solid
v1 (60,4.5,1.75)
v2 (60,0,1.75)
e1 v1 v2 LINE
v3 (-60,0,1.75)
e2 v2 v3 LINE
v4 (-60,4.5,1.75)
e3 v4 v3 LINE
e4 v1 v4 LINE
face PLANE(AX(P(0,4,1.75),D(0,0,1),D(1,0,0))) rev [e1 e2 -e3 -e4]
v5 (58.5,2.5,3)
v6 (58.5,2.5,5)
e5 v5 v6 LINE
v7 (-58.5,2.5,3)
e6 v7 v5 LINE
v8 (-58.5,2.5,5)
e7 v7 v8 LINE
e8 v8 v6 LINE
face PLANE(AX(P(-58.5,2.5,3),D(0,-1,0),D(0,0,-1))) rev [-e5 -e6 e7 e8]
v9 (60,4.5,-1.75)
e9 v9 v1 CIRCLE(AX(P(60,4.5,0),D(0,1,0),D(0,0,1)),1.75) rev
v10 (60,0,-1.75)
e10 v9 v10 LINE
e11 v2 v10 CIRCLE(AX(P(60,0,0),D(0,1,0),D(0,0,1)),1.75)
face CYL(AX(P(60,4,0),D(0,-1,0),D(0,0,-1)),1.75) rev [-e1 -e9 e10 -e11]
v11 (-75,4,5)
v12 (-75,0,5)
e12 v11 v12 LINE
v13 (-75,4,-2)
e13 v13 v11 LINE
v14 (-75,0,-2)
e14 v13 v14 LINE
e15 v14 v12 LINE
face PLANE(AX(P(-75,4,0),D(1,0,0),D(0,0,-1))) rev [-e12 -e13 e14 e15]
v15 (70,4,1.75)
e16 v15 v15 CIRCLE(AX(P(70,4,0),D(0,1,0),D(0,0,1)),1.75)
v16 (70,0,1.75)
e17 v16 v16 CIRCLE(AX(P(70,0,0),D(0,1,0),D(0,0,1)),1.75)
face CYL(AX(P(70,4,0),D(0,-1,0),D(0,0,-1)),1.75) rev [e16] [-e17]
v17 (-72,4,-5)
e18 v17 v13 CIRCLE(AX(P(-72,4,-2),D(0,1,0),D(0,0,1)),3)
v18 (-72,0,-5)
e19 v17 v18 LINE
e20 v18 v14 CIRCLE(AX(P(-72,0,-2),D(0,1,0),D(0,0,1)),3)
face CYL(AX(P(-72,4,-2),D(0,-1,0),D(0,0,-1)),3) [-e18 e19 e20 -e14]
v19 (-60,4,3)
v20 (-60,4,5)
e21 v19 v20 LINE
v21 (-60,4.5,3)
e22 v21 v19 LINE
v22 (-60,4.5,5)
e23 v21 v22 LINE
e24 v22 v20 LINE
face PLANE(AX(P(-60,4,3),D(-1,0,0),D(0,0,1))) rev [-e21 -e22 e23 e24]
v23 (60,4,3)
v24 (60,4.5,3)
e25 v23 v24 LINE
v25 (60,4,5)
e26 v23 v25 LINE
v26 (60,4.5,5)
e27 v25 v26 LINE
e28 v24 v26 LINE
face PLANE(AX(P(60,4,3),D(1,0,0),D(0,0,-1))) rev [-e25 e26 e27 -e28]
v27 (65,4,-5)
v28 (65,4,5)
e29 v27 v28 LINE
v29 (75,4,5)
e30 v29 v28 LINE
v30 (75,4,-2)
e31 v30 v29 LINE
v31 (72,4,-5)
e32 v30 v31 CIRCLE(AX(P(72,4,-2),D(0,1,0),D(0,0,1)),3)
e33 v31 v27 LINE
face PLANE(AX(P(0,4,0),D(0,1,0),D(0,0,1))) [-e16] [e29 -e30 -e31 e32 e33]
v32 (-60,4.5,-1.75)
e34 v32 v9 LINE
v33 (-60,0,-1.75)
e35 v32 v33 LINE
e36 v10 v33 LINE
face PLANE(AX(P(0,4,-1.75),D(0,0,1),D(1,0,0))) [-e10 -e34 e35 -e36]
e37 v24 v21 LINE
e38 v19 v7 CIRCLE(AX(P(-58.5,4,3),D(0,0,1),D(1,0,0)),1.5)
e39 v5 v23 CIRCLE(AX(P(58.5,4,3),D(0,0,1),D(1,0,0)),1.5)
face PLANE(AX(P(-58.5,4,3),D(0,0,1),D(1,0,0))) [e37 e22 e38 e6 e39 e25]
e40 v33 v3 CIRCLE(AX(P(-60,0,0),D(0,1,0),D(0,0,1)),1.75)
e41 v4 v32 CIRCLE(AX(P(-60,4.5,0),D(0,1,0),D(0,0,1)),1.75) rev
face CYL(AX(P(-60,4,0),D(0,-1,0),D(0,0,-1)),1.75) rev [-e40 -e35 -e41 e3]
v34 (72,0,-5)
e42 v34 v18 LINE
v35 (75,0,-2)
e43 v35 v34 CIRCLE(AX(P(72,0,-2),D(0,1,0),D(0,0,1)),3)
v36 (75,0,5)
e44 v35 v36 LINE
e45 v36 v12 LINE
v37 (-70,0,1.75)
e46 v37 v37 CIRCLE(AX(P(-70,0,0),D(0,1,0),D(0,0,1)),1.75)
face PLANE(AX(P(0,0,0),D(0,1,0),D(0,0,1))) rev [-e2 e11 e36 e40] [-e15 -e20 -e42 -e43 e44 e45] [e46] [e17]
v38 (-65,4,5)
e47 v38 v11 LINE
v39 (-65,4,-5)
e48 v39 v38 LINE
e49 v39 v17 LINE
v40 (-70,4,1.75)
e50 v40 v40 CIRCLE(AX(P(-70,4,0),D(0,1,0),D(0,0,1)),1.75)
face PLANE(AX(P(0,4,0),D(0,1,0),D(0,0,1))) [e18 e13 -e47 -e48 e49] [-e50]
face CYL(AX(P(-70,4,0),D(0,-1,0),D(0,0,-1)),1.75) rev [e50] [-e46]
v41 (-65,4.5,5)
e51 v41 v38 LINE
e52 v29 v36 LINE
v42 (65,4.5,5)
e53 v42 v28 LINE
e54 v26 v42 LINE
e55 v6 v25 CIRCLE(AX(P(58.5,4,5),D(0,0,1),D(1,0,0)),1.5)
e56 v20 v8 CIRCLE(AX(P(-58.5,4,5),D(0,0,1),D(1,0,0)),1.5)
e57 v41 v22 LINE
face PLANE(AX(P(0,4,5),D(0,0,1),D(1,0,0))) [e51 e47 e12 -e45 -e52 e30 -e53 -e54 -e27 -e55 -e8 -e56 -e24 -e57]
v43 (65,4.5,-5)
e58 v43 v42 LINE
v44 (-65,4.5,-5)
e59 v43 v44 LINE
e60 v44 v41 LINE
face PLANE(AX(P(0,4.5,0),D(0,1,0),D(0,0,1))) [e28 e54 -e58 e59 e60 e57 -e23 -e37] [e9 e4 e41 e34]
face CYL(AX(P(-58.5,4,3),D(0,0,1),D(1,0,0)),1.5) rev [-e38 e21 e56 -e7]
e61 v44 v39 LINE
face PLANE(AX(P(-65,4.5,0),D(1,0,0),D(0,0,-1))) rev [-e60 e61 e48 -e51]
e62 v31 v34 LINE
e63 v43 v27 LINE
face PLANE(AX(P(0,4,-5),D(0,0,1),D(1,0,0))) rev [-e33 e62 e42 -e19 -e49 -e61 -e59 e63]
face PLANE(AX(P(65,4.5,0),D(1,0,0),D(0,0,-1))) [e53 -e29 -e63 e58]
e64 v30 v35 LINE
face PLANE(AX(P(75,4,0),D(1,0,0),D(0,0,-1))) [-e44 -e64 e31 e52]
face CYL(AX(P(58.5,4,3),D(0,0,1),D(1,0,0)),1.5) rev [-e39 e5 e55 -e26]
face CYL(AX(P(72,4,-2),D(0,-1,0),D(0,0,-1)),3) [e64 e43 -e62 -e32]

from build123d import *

# Parameters (mm, degrees)
SKETCH1_R           = 1.75
BOSS_EXTRUDE1_DEPTH = 4
SKETCH2_W           = 130
SKETCH2_H           = 10
BOSS_EXTRUDE2_DEPTH = 0.5
CUT_EXTRUDE1_DEPTH  = 2


with BuildPart() as part:
    # Sketch1 → Boss-Extrude1 (new body)
    with BuildSketch(Plane(origin=(0, 0, 0), x_dir=(1, 0, 0), z_dir=(0, 1, 0))):
        with BuildLine():
            ThreePointArc((75, 2), (74.121320344, 4.121320344), (72, 5))
            Line((72, 5), (-72, 5))
            ThreePointArc((-72, 5), (-74.121320344, 4.121320344), (-75, 2))
            Line((-75, 2), (-75, -5))
            Line((-75, -5), (75, -5))
            Line((75, -5), (75, 2))
        make_face()
        with Locations(Location((-70, 0, 0), (0, 0, 270))):
            Circle(SKETCH1_R, mode=Mode.SUBTRACT)
        with BuildLine():
            ThreePointArc((61.75, 0), (61.237436867, -1.237436867), (60, -1.75))
            Line((60, -1.75), (-60, -1.75))
            ThreePointArc((-60, -1.75), (-61.75, 0), (-60, 1.75))
            Line((-60, 1.75), (60, 1.75))
            ThreePointArc((60, 1.75), (61.237436867, 1.237436867), (61.75, 0))
        make_face(mode=Mode.SUBTRACT)
        with Locations(Location((70, 0, 0), (0, 0, 270))):
            Circle(SKETCH1_R, mode=Mode.SUBTRACT)
    extrude(amount=BOSS_EXTRUDE1_DEPTH)

    # Sketch2 → Boss-Extrude2 (add)
    with BuildSketch(Plane(origin=(0, 4, 0), x_dir=(1, 0, 0), z_dir=(0, 1, 0))):
        Rectangle(SKETCH2_W, SKETCH2_H)
        with BuildLine():
            Line((-60, 1.75), (60, 1.75))
            ThreePointArc((60, 1.75), (61.75, 0), (60, -1.75))
            Line((60, -1.75), (-60, -1.75))
            ThreePointArc((-60, -1.75), (-61.75, 0), (-60, 1.75))
        make_face(mode=Mode.SUBTRACT)
    extrude(amount=BOSS_EXTRUDE2_DEPTH)

    # Sketch3 → Cut-Extrude1 (cut)
    with BuildSketch(Plane.XY.offset(5)):
        with BuildLine():
            Line((-58.5, 2.5), (58.5, 2.5))
            ThreePointArc((58.5, 2.5), (59.560660172, 2.939339828), (60, 4))
            Line((60, 4), (60, 4.5))
            Line((60, 4.5), (-60, 4.5))
            Line((-60, 4.5), (-60, 4))
            ThreePointArc((-60, 4), (-59.560660172, 2.939339828), (-58.5, 2.5))
        make_face()
    extrude(amount=-CUT_EXTRUDE1_DEPTH, mode=Mode.SUBTRACT)


solid = part.part
